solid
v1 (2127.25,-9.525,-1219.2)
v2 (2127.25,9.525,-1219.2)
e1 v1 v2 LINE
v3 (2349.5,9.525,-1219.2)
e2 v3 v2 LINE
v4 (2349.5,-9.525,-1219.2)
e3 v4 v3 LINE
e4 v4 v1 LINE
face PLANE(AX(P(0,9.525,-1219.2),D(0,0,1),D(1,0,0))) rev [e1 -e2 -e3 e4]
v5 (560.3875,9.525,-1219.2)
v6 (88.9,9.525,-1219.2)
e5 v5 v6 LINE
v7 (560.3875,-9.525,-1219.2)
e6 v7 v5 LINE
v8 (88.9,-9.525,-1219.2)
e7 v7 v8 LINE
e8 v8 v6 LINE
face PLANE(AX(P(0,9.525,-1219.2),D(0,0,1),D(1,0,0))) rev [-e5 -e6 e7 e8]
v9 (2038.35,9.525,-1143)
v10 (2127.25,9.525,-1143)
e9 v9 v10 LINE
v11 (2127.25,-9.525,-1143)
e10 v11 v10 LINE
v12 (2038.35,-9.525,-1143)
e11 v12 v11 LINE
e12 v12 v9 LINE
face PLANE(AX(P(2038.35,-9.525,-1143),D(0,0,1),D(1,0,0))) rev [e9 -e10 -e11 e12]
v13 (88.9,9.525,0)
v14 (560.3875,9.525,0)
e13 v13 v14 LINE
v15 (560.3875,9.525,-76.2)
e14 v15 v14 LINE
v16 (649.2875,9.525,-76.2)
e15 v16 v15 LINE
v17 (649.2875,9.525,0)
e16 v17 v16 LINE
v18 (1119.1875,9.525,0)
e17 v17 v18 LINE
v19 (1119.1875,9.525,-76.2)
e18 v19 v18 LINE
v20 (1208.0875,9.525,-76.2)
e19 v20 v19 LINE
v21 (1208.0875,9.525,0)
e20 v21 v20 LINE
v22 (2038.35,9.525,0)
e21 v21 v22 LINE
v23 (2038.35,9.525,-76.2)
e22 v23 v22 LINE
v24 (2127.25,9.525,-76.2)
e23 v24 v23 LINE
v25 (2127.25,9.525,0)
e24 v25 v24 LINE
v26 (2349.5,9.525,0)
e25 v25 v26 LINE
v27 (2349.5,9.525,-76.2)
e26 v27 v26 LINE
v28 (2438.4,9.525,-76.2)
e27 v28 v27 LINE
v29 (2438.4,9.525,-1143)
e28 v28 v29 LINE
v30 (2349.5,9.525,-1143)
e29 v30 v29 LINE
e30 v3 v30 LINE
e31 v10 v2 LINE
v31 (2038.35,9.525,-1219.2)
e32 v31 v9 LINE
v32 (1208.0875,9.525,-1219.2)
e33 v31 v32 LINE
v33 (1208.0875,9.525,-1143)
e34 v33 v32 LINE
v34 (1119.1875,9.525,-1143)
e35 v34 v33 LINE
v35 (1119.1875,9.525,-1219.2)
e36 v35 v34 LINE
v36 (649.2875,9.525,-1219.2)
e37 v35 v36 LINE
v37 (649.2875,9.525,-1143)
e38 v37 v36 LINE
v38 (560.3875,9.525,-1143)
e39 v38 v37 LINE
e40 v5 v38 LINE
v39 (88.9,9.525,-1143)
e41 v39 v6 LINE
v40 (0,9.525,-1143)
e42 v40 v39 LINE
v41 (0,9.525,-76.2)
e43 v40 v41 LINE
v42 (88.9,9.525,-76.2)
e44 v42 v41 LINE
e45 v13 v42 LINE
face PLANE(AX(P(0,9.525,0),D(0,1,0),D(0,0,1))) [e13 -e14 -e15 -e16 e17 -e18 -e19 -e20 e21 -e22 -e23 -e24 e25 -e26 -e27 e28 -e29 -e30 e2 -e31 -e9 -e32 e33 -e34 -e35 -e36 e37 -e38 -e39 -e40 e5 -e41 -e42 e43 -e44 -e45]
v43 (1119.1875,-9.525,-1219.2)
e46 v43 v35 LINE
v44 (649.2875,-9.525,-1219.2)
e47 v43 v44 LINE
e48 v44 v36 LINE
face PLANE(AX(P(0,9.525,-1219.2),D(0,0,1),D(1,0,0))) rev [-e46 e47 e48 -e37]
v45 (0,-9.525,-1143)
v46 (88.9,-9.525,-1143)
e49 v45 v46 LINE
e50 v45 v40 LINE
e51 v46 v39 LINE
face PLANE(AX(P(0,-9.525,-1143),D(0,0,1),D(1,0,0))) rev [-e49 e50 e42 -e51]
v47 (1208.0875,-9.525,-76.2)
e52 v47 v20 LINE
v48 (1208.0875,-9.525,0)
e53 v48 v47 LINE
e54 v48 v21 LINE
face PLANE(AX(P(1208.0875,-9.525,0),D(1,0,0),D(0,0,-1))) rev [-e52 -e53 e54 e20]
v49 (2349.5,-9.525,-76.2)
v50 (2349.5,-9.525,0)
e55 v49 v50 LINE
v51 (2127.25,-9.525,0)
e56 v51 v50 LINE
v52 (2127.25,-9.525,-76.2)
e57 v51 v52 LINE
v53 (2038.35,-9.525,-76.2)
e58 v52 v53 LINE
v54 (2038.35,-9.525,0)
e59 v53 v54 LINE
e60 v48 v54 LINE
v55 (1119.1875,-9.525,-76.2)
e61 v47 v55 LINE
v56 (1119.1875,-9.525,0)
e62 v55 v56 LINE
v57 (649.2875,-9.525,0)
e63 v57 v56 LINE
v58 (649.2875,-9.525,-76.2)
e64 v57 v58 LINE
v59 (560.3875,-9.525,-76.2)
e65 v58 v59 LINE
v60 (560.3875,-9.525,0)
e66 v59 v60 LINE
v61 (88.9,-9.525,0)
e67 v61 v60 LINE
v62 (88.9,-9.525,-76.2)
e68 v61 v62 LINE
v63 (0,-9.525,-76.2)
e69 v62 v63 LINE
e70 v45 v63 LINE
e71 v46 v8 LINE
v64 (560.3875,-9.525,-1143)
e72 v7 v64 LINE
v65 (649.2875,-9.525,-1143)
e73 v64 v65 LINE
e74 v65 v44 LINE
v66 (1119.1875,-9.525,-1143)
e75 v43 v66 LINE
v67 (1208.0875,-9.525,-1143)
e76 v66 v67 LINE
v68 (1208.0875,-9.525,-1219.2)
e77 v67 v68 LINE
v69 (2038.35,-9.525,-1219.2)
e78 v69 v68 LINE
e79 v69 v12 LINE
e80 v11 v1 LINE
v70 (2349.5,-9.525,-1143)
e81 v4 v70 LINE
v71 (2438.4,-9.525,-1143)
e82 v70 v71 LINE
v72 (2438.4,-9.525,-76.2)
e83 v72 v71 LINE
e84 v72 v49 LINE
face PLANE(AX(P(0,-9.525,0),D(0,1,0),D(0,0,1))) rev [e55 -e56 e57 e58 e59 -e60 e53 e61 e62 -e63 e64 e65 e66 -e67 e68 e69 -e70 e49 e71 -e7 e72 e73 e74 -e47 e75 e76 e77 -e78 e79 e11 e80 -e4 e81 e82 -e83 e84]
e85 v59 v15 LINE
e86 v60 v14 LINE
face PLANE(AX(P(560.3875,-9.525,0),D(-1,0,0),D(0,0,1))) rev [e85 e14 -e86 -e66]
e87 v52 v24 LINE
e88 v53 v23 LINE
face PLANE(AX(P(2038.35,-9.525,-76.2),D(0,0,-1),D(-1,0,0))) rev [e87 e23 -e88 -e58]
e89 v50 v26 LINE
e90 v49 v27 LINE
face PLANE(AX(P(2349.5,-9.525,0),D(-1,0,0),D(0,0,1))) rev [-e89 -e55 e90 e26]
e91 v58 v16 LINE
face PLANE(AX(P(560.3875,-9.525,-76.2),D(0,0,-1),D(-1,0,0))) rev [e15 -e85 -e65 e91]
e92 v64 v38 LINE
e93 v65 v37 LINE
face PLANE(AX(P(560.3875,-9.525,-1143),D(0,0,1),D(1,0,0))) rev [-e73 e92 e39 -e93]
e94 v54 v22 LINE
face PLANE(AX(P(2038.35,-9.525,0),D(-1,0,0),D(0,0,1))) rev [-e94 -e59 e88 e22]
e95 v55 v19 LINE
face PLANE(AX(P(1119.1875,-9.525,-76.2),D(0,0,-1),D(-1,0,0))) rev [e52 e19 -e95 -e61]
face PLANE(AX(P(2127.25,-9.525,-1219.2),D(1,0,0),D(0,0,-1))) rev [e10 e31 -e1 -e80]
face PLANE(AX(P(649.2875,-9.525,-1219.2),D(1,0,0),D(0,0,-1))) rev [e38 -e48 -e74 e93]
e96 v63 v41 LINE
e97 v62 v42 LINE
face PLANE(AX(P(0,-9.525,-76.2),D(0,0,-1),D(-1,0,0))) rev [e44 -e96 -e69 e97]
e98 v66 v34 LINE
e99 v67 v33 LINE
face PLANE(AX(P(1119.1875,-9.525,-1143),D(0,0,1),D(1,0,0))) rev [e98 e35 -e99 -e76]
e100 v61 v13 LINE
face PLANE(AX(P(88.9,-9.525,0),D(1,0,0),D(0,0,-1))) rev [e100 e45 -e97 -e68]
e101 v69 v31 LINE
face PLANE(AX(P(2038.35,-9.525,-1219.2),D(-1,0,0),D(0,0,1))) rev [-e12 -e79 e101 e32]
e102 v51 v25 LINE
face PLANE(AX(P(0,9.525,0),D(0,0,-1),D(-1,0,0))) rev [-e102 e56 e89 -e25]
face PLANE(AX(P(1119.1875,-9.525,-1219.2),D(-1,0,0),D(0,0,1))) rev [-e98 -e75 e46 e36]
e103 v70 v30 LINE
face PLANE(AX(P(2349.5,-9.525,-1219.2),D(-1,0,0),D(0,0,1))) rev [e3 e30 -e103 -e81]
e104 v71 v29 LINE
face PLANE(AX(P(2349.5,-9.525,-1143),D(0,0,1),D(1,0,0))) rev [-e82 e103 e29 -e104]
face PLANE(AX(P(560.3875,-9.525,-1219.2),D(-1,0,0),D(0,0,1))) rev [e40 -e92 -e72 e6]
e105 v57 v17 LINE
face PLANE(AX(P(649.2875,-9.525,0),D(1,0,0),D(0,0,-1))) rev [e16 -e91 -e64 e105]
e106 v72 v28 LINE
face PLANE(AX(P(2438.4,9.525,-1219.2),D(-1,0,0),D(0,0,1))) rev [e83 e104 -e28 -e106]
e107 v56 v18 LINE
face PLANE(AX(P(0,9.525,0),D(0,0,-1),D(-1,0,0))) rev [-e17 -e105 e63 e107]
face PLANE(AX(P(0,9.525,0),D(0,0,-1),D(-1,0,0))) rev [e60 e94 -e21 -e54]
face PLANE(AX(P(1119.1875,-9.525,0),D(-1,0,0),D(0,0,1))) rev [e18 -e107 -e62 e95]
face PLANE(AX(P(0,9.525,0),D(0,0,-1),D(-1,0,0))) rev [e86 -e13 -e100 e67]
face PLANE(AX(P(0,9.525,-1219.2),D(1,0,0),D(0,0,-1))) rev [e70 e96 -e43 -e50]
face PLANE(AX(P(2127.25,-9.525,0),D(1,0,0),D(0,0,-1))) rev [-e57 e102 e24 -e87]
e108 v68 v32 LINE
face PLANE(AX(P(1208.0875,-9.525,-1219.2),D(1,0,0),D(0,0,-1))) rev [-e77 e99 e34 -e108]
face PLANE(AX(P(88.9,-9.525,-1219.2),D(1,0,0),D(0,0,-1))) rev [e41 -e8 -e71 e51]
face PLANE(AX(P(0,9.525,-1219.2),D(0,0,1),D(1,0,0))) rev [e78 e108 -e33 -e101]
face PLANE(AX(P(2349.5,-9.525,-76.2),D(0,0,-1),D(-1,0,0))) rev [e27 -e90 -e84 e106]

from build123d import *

# Parameters (mm, degrees)
SKETCH1_W           = 2438.4
SKETCH1_H           = 1219.2
BOSS_EXTRUDE1_DEPTH = 9.525
SKETCH2_W           = 88.9
SKETCH2_H           = 76.2
CUT_EXTRUDE1_DEPTH  = 20.05


with BuildPart() as part:
    # Sketch1 → Boss-Extrude1 (new body, symmetric)
    with BuildSketch(Plane(origin=(0, 0, 0), x_dir=(1, 0, 0), z_dir=(0, 1, 0))):
        with Locations((1219.2, 609.6)):
            Rectangle(SKETCH1_W, SKETCH1_H)
    extrude(amount=BOSS_EXTRUDE1_DEPTH, both=True)

    # Sketch2 → Cut-Extrude1 (cut, through all)
    with BuildSketch(Plane(origin=(0, 9.525, 0), x_dir=(1, 0, 0), z_dir=(0, 1, 0))):
        with Locations((44.45, 1181.1)):
            Rectangle(SKETCH2_W, SKETCH2_H)
        with Locations((604.8375, 1181.1)):
            Rectangle(SKETCH2_W, SKETCH2_H)
        with Locations((1163.6375, 1181.1)):
            Rectangle(SKETCH2_W, SKETCH2_H)
        with Locations((2082.8, 1181.1)):
            Rectangle(SKETCH2_W, SKETCH2_H)
        with Locations((2393.95, 1181.1)):
            Rectangle(SKETCH2_W, SKETCH2_H)
        with Locations((1163.6375, 38.1)):
            Rectangle(SKETCH2_W, SKETCH2_H)
        with Locations((604.8375, 38.1)):
            Rectangle(SKETCH2_W, SKETCH2_H)
        with Locations((2393.95, 38.1)):
            Rectangle(SKETCH2_W, SKETCH2_H)
        with Locations((2082.8, 38.1)):
            Rectangle(SKETCH2_W, SKETCH2_H)
        with Locations((44.45, 38.1)):
            Rectangle(SKETCH2_W, SKETCH2_H)
    extrude(amount=-CUT_EXTRUDE1_DEPTH, mode=Mode.SUBTRACT)


solid = part.part
